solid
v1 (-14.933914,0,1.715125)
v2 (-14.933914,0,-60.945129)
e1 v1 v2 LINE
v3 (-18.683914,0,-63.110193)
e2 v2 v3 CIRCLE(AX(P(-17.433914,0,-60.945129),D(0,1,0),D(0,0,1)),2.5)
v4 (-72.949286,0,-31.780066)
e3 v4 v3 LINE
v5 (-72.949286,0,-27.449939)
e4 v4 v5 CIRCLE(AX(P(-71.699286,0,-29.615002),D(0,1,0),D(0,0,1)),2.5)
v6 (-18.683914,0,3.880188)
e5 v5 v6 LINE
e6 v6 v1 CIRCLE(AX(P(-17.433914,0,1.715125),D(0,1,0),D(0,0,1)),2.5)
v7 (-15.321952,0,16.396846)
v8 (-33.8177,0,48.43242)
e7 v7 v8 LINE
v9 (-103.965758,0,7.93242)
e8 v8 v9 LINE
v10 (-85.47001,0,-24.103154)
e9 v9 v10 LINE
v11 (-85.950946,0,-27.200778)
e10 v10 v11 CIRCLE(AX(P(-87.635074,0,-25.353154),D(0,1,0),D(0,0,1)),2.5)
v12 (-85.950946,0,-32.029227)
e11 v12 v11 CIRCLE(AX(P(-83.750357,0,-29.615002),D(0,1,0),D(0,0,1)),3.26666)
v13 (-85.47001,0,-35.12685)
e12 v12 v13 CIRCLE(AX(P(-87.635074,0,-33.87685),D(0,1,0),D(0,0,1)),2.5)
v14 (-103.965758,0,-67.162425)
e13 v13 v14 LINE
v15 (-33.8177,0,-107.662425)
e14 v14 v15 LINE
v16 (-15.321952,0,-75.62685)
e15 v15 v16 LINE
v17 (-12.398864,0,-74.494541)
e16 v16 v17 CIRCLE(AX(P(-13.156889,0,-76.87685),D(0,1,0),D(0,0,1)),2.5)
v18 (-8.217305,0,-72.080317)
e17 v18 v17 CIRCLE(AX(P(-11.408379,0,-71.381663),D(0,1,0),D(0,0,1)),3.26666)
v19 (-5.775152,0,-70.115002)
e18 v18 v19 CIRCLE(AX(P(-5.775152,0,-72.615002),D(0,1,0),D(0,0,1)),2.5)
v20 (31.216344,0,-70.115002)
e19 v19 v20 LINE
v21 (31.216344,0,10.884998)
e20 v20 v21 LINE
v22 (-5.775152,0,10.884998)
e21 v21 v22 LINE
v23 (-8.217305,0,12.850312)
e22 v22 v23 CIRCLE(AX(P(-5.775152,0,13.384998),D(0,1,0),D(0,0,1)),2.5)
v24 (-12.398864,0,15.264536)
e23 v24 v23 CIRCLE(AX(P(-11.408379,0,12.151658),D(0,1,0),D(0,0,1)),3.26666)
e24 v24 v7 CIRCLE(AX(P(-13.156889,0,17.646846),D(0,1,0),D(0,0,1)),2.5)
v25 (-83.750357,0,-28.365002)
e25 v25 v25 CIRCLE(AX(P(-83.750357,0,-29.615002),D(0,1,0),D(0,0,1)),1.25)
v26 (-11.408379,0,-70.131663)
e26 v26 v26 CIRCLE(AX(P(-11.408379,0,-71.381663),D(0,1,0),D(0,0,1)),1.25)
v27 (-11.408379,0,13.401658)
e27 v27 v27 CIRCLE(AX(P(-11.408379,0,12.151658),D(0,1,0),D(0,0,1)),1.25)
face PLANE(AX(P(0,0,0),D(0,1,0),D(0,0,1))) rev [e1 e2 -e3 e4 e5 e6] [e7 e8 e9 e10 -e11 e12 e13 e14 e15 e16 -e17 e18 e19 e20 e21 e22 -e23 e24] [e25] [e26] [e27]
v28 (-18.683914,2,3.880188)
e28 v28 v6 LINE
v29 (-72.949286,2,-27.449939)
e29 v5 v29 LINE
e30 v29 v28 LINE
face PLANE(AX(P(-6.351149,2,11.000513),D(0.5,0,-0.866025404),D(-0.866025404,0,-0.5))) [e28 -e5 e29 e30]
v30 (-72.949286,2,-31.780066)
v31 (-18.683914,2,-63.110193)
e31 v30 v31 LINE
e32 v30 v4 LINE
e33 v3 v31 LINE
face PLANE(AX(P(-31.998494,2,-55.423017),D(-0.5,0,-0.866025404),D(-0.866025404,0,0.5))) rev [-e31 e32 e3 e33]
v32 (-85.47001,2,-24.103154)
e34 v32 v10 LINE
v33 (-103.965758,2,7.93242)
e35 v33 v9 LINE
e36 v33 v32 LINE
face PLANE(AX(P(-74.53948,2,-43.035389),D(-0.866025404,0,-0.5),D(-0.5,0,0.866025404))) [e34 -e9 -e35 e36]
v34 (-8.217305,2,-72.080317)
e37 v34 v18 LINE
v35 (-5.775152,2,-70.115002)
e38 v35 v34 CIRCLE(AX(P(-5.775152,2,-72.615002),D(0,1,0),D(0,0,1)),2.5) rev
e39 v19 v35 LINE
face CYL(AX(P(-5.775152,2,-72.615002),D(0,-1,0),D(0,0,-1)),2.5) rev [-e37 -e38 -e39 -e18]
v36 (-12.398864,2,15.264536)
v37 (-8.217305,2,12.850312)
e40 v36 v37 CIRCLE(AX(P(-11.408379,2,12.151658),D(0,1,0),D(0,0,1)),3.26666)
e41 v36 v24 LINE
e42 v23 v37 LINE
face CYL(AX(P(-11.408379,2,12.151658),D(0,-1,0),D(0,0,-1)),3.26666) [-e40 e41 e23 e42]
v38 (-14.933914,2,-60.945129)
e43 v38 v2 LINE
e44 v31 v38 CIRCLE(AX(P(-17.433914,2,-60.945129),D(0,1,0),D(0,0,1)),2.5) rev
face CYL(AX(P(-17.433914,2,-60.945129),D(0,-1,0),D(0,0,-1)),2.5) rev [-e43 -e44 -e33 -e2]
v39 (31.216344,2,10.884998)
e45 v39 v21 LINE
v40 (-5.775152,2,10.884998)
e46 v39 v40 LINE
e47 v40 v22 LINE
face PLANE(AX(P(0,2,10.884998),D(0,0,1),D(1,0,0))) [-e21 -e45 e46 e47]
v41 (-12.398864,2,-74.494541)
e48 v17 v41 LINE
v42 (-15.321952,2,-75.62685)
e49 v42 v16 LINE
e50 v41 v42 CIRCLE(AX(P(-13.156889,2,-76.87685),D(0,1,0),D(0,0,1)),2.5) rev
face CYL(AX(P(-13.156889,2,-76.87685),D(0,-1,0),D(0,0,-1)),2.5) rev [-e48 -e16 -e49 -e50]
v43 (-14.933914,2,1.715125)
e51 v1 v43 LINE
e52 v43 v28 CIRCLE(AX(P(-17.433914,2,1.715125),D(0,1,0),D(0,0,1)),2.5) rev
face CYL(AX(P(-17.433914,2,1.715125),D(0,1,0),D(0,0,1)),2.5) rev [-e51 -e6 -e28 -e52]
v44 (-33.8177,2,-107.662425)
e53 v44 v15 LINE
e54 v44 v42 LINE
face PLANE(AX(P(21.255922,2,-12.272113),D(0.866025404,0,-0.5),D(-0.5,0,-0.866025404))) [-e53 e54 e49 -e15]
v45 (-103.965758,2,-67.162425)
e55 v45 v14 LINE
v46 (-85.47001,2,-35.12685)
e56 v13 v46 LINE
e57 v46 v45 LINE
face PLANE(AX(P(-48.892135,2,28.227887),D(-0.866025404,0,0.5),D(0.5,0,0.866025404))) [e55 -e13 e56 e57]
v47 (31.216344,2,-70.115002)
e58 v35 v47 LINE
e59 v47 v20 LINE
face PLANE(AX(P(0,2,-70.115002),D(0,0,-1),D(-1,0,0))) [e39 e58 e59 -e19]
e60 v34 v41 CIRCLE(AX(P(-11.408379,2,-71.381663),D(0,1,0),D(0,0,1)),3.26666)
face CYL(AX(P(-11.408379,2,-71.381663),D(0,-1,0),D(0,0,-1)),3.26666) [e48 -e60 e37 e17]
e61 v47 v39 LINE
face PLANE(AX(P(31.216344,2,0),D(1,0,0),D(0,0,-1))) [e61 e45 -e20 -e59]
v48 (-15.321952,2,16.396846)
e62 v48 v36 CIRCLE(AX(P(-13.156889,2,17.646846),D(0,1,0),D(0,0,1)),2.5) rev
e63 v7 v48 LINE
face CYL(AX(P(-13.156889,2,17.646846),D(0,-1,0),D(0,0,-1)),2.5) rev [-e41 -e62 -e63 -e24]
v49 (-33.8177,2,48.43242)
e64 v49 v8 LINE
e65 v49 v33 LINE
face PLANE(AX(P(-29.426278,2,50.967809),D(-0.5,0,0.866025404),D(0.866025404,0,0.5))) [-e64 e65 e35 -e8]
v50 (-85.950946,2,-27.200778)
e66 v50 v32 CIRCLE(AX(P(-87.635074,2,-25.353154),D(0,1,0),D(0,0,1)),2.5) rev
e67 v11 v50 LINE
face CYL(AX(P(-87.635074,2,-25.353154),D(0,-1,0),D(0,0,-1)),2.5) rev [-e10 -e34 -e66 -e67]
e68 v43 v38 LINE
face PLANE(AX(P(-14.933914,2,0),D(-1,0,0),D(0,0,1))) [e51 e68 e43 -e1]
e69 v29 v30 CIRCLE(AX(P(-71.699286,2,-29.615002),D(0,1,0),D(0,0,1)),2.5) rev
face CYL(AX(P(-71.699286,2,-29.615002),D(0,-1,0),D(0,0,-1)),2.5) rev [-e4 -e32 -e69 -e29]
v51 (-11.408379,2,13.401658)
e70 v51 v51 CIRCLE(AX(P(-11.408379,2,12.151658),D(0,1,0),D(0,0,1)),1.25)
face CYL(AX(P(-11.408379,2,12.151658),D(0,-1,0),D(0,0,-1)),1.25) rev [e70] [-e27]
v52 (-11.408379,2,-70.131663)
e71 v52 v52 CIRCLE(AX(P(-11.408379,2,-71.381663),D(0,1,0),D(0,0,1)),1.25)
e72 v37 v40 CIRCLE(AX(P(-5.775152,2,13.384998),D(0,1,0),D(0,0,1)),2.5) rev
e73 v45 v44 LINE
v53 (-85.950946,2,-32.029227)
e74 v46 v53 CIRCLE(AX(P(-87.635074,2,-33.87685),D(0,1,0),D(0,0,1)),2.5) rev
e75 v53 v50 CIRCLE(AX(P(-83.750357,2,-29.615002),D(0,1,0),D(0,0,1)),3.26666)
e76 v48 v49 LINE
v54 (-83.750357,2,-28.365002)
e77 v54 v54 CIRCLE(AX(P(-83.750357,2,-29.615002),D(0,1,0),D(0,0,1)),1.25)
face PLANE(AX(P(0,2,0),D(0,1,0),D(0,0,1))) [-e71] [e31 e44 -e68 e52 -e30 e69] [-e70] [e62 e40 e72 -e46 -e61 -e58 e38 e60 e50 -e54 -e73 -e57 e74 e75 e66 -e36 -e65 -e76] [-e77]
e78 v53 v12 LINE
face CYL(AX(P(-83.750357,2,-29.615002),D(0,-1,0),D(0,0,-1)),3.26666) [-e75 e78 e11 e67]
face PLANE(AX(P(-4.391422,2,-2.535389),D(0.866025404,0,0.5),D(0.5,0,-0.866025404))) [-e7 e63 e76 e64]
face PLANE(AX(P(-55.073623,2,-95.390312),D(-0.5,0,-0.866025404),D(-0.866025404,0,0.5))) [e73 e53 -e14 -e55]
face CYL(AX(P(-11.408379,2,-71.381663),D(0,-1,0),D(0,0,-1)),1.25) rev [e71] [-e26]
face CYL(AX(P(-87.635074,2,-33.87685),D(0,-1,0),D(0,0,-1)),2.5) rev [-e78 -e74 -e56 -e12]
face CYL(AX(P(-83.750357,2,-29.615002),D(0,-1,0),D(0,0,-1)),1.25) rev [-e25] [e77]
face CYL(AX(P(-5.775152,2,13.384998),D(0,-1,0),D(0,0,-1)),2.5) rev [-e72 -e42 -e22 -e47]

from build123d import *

# Parameters (mm, degrees)
SKETCH1_R           = 1.25
BOSS_EXTRUDE1_DEPTH = 2
FILLET1_R           = 2.5


with BuildPart() as part:
    # Sketch1 → Boss-Extrude1 (new body)
    with BuildSketch(Plane(origin=(0, 0, 0), x_dir=(1, 0, 0), z_dir=(0, 1, 0))):
        with BuildLine():
            Line((-103.965757813, 67.162425071), (-33.817700106, 107.662425071))
            Line((-33.817700106, 107.662425071), (-14.010882201, 73.356010123))
            ThreePointArc((-14.010882201, 73.356010123), (-9.775048525, 74.210673935), (-8.39729226, 70.115002459))
            Line((-8.39729226, 70.115002459), (31.216343551, 70.115002459))
            Line((31.216343551, 70.115002459), (31.216343551, -10.884997541))
            Line((31.216343551, -10.884997541), (-8.39729226, -10.884997541))
            ThreePointArc((-8.39729226, -10.884997541), (-9.775048525, -14.980669016), (-14.010882201, -14.126005204))
            Line((-14.010882201, -14.126005204), (-33.817700106, -48.432420153))
            Line((-33.817700106, -48.432420153), (-103.965757813, -7.932420153))
            Line((-103.965757813, -7.932420153), (-84.158939907, 26.373994796))
            ThreePointArc((-84.158939907, 26.373994796), (-87.017017318, 29.615002459), (-84.158939907, 32.856010123))
            Line((-84.158939907, 32.856010123), (-103.965757813, 67.162425071))
        make_face()
        with Locations(Location((-83.75035682, 29.615002459, 0), (0, 0, 270))):
            Circle(SKETCH1_R, mode=Mode.SUBTRACT)
        with Locations(Location((-11.408378774, 71.381662958, 0), (0, 0, 270))):
            Circle(SKETCH1_R, mode=Mode.SUBTRACT)
        with Locations(Location((-11.408378774, -12.151658039, 0), (0, 0, 270))):
            Circle(SKETCH1_R, mode=Mode.SUBTRACT)
        Polygon((-76.69928593, 29.615002459), (-14.933914219, 65.275256443), (-14.933914219, -6.045251524), align=None, mode=Mode.SUBTRACT)
    extrude(amount=BOSS_EXTRUDE1_DEPTH)

    # Fillet1
    fillet1_edges = [part.edges().sort_by_distance(p)[0] for p in [
        (-14.010882201, 1, -73.356010123),
        (-8.39729226, 1, -70.115002459),
        (-8.39729226, 1, 10.884997541),
        (-14.010882201, 1, 14.126005204),
        (-84.158939907, 1, -26.373994796),
        (-84.158939907, 1, -32.856010123),
        (-14.933914219, 1, -65.275256443),
        (-76.69928593, 1, -29.615002459),
        (-14.933914219, 1, 6.045251524),
    ]]
    fillet(fillet1_edges, radius=FILLET1_R)


solid = part.part
